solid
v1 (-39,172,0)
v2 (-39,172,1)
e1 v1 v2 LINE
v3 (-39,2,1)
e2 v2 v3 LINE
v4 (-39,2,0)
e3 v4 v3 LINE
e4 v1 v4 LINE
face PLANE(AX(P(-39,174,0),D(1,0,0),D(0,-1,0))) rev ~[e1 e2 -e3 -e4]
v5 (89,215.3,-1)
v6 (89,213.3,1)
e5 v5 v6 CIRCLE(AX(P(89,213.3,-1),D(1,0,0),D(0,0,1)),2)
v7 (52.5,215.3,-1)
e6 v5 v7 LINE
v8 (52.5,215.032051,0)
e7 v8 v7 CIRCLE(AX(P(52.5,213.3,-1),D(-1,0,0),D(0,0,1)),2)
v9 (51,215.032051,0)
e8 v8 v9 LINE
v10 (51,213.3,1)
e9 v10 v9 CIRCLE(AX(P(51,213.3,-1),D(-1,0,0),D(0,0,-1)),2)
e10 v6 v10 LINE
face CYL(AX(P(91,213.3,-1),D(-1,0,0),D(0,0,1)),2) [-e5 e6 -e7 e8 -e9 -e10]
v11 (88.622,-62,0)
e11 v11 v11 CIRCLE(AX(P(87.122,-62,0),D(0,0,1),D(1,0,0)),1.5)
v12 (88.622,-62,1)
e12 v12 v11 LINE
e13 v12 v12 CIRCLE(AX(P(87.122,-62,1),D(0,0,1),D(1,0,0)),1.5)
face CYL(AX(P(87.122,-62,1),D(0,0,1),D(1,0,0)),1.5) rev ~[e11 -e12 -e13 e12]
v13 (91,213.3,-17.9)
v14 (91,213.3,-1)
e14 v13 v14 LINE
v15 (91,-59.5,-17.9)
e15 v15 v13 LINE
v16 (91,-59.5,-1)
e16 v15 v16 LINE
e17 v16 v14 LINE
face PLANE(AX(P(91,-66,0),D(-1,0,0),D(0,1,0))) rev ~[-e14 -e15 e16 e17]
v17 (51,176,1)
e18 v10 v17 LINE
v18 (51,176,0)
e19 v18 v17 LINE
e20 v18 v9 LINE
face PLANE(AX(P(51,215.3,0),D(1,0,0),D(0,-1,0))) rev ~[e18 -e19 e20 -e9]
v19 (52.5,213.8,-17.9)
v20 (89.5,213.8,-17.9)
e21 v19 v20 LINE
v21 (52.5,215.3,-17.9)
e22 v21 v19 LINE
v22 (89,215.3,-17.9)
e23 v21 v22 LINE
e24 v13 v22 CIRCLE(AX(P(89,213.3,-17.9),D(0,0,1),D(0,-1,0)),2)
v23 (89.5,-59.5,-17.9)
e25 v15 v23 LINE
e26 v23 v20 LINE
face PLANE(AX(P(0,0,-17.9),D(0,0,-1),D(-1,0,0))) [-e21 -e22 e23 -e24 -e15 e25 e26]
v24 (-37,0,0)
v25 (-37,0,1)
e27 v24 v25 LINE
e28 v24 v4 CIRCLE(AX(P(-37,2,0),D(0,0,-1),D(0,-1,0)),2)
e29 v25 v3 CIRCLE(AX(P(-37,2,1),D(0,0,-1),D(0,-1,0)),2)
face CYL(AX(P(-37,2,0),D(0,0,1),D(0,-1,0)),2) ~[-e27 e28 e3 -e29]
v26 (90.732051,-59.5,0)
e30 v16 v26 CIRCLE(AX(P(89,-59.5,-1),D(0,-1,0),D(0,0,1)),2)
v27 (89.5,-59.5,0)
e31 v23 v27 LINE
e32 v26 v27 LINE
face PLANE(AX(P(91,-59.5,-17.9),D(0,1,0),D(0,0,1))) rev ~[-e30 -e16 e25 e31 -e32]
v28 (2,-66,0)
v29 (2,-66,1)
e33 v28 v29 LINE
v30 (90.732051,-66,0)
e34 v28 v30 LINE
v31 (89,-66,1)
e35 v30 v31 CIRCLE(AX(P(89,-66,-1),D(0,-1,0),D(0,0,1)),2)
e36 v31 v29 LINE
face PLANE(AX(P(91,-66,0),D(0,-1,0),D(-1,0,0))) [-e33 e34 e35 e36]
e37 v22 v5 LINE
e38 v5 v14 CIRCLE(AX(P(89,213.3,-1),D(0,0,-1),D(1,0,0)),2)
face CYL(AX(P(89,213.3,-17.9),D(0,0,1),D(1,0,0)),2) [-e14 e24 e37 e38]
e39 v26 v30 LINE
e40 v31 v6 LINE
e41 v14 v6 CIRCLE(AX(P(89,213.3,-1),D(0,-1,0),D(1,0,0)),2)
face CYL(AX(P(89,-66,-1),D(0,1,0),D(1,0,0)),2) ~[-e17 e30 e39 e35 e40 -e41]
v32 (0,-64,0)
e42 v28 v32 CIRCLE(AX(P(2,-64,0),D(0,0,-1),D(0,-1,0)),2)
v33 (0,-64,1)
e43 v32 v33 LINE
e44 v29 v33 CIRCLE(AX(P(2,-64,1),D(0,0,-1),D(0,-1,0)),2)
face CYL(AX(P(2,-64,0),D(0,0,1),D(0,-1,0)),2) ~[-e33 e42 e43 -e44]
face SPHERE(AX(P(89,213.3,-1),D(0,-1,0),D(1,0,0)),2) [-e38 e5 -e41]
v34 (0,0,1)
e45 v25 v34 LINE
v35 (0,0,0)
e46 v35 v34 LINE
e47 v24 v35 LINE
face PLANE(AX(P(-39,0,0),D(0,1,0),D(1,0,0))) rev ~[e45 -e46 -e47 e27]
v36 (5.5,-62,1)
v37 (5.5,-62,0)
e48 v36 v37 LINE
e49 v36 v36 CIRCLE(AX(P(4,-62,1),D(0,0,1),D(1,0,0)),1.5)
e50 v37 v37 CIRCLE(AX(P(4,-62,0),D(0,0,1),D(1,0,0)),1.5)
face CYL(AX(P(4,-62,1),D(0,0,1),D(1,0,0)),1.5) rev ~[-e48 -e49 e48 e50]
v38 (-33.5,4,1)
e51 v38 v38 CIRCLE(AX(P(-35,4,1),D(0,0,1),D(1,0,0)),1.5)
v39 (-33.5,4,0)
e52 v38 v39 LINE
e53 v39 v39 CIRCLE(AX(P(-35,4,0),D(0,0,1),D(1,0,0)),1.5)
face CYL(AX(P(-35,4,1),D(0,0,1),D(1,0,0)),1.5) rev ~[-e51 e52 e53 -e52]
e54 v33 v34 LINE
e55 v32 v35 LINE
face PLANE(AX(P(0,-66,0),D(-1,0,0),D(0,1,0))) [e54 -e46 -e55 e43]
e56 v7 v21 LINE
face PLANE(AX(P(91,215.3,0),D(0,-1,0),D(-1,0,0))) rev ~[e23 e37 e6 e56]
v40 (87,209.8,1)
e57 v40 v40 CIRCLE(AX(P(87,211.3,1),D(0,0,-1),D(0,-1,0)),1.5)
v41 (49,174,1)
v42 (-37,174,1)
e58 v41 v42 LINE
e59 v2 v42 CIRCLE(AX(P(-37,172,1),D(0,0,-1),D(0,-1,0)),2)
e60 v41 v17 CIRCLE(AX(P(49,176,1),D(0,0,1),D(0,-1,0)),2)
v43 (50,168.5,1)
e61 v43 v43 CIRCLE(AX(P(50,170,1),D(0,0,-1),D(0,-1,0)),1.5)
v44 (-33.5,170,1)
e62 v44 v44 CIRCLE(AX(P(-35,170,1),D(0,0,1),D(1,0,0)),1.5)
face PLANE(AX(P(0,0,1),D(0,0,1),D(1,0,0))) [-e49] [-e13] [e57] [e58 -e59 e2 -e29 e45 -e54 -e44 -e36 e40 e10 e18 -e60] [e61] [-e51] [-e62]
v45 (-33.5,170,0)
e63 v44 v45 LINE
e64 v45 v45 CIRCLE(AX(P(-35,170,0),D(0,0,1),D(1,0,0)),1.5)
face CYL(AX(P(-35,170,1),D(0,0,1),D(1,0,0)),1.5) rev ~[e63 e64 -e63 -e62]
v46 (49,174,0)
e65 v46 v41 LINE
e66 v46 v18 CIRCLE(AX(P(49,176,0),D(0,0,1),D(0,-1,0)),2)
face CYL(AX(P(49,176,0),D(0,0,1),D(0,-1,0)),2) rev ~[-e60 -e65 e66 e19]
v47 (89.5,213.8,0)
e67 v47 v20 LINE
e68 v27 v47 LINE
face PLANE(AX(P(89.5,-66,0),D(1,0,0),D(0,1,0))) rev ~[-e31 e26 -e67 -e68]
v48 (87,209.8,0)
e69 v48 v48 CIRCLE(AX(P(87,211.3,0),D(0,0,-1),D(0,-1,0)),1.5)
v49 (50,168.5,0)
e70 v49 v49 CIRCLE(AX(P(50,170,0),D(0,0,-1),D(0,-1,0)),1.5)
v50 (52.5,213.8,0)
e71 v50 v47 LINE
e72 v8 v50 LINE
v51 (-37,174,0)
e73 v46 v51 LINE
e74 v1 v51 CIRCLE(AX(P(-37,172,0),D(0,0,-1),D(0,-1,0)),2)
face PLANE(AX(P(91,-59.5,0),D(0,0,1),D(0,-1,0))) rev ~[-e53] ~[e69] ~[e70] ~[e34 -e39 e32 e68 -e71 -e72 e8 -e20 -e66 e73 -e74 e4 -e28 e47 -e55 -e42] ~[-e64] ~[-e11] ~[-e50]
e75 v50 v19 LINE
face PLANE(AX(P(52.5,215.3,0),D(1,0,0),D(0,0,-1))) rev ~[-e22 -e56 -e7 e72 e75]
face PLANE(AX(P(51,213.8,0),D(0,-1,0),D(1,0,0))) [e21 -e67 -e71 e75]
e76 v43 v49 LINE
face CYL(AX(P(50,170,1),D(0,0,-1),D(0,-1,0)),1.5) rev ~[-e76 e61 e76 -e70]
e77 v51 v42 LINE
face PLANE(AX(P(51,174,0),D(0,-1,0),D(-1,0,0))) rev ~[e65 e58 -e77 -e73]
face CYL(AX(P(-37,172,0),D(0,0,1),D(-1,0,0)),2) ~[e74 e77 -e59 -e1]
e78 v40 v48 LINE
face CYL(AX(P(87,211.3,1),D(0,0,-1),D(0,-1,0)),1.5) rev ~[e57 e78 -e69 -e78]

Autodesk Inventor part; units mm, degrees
ref_plane "YZ Plane" through (0, 0, 0) normal (1, 0, 0) x (0, 1, 0)
ref_plane "XZ Plane" through (0, 0, 0) normal (0, 1, 0) x (-1, 0, 0)
ref_plane "XY Plane" through (0, 0, 0) normal (0, 0, 1) x (1, 0, 0)
sketch "Skizze2" plane through (0, 0, 0) normal (0, 0, 1) x (1, 0, 0)
  line L0 (91, -66) -> (91, 215.3)
  line L1 (91, -66) -> (0, -66)
  line L2 (0, -66) -> (0, 0)
  line L3 (91, 215.3) -> (51, 215.3)
  line L4 (51, 215.3) -> (51, 174)
  line L5 (51, 174) -> (-39, 174)
  line L6 (-39, 174) -> (-39, 0)
  line L7 (-39, 0) -> (0, 0)
  line L8 (0, 0) -> (91, 0) construction
  dimension "d0" = 281.3
  dimension "d1" = 91
  dimension "d2" = 66
  dimension "d3" = 40
  dimension "d4" = 41.3
  dimension "d5" = 90
extrude "Extrusion1" add sketch "Skizze2" along normal blind 1
sketch "Skizze3" plane through (0, 0, 1) normal (0, 0, 1) x (1, 0, 0)
  circle A0 centre (4, -62) radius 1.5
  line L0 (0, -66) -> (91, -66) projected
  line L1 (0, 0) -> (0, -66) projected
  circle A1 centre (87.122, -62) radius 1.5
  line L2 (91, -66) -> (91, 215.3) projected
  circle A2 centre (-35, 4) radius 1.5
  line L3 (-39, 0) -> (0, 0) projected
  line L4 (-39, 174) -> (-39, 0) projected
  circle A3 centre (-35, 170) radius 1.5
  line L5 (51, 174) -> (-39, 174) projected
  dimension "d8" = 3
  dimension "d9" = 4
  dimension "d10" = 4
  dimension "d11" = 4
  dimension "d12" = 3
  dimension "d13" = 3.878
  dimension "d14" = 3
  dimension "d15" = 4
  dimension "d16" = 4
  dimension "d17" = 3
  dimension "d18" = 4
  dimension "d19" = 4
extrude "Extrusion2" cut sketch "Skizze3" against normal blind 1.5
sketch "Skizze5" plane through (0, 0, 0) normal (0, 0, -1) x (-1, 0, 0)
  line L0 (0, -66) -> (-91, -66) projected
  line L1 (-91, 215.3) -> (-51, 215.3) projected
  line L2 (-91, -66) -> (-89.5, -66)
  line L3 (-89.5, -66) -> (-89.5, 215.3)
  line L4 (-89.5, 215.3) -> (-91, 215.3)
  line L5 (-91, 215.3) -> (-91, -66)
  line L6 (-51, 215.3) -> (-51, 174) projected
  line L7 (-91, 215.3) -> (-51, 215.3)
  line L8 (-51, 215.3) -> (-51, 213.8)
  line L9 (-51, 213.8) -> (-91, 213.8)
  line L10 (-91, 213.8) -> (-91, 215.3)
  point P0 (0, 0)
  point P1 (-89.5, 213.8)
  dimension "d36" = 1.5
  dimension "d43" = 1.5
extrude "Extrusion4" add sketch "Skizze5" along normal blind 17.9
sketch "Skizze6" plane through (91, -66, 1) normal (1, 0, 0) x (0, 0, -1)
  line L0 (0, 0) -> (18.9, 0) projected
  line L1 (18.9, 0) -> (18.9, 279.8) projected
  line L2 (1, 0) -> (18.9, 0)
  line L3 (18.9, 0) -> (18.9, 6.5)
  line L4 (18.9, 6.5) -> (1, 6.5)
  line L5 (1, 6.5) -> (1, 0)
  line L6 (1, 279.8) -> (1, 0) projected
  line L7 (18.9, 0) -> (18.9, 279.8) projected
  line L8 (1, 0) -> (18.9, 0) projected
  line L9 (1, 279.8) -> (18.9, 279.8) projected
  point P0 (1, 66)
  point P1 (18.4, 281.3)
  dimension "d39" = 6.5
extrude "Extrusion5" cut sketch "Skizze6" against normal blind 1.5 contours L5 L4 L1 L0
fillet "Rundung1" radius 2 7 edges at (91, 74.65, 1) (91, 215.3, -8.45) (71, 215.3, 1) (51, 174, 0.5) (-39, 174, 0.5) (-39, 0, 0.5) (0, -66, 0.5)
sketch "Skizze7" plane through (0, 0, 1) normal (0, 0, 1) x (1, 0, 0)
  line L0 (89, 215.3) -> (51, 215.3) projected
  line L1 (91, -59.5) -> (91, 213.3) projected
  line L2 (49, 174) -> (-37, 174) projected
  line L3 (51, 213.3) -> (51, 176) projected
  point P0 (0, 0)
  point P1 (87, 211.3)
  point P2 (50, 170)
  dimension "d44" = 4
  dimension "d45" = 4
  dimension "d53" = 4
  dimension "d54" = 1
hole "Bohrung1" at (87, 211.3, 1) at (50, 170, 1) direction (0, 0, -1) diameter 3 depth 1
sketch "Skizze10" plane through (51, 215.3, -1) normal (0, 1, 0) x (1, 0, 0)
  line L0 (0, -1) -> (0, 16.9) projected
  line L1 (38.5, 16.9) -> (0, 16.9) projected
  line L2 (0, -1) -> (1.5, -1)
  line L3 (1.5, -1) -> (1.5, 16.9)
  line L4 (1.5, 16.9) -> (0, 16.9)
  line L5 (0, 16.9) -> (0, -1)
  point P0 (-51, -1)
  dimension "d58" = 1.5
extrude "Extrusion7" cut sketch "Skizze10" against normal up to surface (1.5 mm away)
properties part number "PCB_Qfab_Deckel"
